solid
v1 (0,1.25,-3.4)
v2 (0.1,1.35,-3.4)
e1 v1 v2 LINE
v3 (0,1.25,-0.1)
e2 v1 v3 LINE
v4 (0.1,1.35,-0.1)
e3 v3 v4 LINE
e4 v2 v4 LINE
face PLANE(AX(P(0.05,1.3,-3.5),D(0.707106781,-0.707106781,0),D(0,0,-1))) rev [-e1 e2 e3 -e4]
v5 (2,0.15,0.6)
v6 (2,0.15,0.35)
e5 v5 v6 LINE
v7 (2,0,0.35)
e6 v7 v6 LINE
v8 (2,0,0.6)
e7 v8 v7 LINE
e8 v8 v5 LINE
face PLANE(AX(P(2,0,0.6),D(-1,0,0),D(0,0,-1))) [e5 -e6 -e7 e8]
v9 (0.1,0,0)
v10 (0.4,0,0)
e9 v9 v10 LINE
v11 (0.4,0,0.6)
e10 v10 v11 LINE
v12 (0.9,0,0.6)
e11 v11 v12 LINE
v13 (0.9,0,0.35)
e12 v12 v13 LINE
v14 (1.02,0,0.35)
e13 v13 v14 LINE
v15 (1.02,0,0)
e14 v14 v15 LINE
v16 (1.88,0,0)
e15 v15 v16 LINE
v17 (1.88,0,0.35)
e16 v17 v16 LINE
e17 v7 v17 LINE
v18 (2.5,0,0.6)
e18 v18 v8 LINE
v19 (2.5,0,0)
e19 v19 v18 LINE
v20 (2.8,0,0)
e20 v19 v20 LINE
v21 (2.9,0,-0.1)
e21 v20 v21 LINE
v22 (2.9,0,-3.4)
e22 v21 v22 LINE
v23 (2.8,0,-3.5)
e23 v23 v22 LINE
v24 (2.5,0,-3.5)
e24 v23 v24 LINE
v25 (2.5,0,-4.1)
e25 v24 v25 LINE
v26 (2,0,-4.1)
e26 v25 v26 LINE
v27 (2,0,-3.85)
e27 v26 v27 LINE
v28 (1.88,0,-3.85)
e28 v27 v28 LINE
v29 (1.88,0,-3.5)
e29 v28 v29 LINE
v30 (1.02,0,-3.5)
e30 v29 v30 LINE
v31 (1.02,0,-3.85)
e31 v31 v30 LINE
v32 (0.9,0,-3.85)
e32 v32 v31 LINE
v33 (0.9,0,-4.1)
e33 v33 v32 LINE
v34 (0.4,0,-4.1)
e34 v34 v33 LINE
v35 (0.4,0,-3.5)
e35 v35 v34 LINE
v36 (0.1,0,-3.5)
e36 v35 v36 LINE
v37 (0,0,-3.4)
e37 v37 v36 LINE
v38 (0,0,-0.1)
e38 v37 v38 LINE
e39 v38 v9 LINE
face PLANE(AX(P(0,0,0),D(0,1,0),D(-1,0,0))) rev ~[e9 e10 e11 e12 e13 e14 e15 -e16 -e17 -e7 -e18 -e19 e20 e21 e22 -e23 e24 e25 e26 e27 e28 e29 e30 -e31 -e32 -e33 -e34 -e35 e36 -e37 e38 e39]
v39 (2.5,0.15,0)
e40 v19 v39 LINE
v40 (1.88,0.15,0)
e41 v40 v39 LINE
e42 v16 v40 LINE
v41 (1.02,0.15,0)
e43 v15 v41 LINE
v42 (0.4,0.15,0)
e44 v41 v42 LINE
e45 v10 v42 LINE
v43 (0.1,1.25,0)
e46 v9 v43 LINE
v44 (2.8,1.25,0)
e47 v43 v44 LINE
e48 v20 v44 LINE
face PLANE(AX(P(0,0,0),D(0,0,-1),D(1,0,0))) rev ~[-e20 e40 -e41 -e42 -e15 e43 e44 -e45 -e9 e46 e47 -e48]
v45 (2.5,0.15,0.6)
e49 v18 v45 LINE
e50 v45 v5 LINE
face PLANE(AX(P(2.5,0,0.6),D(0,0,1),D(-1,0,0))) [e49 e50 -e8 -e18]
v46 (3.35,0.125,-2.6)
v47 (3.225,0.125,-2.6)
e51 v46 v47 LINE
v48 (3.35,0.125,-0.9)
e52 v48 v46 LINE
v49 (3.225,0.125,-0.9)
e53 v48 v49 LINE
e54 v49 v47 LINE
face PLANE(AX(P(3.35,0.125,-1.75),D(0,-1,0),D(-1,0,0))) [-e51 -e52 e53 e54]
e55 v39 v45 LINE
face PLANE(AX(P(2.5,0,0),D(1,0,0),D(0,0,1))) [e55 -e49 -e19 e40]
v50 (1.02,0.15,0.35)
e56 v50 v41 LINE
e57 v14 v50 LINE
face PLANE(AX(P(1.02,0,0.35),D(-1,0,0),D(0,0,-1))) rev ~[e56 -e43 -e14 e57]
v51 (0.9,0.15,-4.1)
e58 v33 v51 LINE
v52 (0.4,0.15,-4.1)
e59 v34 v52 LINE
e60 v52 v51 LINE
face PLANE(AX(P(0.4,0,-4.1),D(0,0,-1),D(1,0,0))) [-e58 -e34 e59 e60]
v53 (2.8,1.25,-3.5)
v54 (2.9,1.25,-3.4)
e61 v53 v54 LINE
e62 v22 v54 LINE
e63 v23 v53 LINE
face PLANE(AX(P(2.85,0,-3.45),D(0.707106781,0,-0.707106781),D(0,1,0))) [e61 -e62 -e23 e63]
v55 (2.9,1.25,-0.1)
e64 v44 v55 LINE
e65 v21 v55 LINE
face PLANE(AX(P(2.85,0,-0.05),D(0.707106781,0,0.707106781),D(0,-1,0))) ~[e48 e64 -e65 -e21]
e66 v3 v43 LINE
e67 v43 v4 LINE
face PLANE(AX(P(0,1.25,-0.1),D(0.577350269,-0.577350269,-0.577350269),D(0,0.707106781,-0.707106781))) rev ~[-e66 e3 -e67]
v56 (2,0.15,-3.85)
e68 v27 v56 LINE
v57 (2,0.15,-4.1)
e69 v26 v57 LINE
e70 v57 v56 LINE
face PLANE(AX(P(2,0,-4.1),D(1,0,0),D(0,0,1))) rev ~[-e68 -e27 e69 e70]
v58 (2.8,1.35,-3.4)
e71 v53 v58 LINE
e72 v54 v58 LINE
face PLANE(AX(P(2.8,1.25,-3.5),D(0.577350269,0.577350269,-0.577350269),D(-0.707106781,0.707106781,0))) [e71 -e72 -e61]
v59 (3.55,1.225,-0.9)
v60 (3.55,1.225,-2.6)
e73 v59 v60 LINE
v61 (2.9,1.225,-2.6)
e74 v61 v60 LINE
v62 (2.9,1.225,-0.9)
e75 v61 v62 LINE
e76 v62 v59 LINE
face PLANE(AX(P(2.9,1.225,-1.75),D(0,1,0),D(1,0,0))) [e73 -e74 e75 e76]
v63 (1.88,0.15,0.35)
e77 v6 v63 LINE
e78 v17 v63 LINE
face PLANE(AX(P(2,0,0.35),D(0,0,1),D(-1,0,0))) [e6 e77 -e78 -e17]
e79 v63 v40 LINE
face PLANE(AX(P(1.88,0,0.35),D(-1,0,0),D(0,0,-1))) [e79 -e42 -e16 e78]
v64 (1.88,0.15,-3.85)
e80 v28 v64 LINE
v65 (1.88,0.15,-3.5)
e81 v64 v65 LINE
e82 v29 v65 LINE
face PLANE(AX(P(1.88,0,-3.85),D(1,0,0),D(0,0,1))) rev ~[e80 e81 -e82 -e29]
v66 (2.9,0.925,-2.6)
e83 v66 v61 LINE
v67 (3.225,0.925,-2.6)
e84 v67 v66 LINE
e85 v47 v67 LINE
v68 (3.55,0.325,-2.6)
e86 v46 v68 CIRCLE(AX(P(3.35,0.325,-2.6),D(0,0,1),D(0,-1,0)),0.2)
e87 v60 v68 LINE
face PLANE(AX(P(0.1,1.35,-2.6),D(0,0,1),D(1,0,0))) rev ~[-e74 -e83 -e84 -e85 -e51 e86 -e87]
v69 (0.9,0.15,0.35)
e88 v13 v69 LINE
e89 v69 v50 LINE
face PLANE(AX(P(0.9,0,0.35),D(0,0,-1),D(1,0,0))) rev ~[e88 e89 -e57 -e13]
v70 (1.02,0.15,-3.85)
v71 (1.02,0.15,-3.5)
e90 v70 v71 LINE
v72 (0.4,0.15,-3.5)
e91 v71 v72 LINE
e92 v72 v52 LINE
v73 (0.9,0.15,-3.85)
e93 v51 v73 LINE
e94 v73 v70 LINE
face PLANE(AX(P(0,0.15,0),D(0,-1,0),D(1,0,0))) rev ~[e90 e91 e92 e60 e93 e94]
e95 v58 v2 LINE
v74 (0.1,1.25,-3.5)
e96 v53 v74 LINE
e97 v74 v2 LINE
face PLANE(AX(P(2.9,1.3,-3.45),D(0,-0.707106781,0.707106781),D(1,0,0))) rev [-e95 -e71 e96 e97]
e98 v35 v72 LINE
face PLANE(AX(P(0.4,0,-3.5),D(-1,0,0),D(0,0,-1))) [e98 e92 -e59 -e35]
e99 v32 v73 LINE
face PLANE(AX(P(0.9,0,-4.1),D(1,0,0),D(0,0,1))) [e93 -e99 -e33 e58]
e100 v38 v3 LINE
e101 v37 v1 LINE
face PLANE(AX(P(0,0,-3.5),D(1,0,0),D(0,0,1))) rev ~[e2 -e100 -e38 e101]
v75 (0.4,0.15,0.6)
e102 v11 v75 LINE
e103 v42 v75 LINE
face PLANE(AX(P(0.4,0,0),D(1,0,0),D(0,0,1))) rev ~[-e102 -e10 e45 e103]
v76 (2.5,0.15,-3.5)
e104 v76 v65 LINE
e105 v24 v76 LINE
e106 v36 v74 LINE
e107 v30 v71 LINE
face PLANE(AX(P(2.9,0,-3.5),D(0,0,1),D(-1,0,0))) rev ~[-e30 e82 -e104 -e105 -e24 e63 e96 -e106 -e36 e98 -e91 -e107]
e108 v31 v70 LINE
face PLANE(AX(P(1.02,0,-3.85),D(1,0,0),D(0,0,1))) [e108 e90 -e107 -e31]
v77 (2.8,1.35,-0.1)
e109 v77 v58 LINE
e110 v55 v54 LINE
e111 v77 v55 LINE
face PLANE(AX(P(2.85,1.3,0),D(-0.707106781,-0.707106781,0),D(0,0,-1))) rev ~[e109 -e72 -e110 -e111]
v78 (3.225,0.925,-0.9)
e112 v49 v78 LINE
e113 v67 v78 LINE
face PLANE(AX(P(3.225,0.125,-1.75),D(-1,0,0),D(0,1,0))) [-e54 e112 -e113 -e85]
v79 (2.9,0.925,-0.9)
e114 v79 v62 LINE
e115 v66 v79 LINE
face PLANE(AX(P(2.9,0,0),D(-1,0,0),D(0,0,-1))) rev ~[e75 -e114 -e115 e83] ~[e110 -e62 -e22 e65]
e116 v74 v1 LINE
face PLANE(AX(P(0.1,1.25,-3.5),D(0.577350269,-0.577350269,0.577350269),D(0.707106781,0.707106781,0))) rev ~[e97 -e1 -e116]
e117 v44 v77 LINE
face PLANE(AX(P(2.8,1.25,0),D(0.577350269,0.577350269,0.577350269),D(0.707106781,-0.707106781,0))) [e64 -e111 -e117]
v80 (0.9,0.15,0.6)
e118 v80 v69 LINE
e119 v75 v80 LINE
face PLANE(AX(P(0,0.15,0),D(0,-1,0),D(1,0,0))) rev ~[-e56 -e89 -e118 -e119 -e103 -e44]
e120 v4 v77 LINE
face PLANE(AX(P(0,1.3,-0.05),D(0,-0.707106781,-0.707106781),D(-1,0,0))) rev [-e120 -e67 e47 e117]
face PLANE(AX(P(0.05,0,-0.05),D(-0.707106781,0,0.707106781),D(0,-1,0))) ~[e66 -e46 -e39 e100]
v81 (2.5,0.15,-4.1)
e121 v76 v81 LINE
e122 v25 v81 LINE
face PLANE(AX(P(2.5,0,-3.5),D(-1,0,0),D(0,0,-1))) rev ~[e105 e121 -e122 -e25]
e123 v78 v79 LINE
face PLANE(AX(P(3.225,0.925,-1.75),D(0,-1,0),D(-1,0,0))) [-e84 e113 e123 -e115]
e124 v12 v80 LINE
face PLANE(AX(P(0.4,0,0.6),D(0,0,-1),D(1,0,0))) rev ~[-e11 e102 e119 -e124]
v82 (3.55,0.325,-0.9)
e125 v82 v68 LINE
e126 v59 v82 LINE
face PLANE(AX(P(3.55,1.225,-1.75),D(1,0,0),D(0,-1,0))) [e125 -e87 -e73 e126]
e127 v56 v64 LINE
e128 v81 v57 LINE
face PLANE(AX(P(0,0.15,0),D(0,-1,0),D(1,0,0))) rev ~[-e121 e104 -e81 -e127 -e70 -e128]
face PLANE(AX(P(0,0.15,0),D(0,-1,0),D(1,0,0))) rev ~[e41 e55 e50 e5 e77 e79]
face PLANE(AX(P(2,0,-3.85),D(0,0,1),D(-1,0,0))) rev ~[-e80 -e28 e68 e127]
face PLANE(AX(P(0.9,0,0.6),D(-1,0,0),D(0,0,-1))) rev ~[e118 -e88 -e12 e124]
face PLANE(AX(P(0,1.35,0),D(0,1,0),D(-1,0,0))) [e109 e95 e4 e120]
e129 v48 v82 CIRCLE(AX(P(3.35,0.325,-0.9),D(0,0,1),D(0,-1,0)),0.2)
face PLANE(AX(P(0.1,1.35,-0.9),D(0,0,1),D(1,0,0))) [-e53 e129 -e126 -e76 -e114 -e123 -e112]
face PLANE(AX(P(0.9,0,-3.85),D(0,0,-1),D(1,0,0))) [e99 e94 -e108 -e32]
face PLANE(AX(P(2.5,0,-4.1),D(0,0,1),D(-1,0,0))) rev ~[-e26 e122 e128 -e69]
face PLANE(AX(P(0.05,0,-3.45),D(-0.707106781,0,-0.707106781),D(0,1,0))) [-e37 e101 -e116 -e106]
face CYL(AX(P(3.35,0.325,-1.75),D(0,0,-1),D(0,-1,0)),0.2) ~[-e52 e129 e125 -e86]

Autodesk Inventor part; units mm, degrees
ref_plane "YZ Plane" through (0, 0, 0) normal (1, 0, 0) x (0, 1, 0)
ref_plane "XZ Plane" through (0, 0, 0) normal (0, 1, 0) x (-1, 0, 0)
ref_plane "XY Plane" through (0, 0, 0) normal (0, 0, 1) x (1, 0, 0)
sketch "Sketch1" plane through (0, 0, 0) normal (0, 1, 0) x (-1, 0, 0)
  line L0 (0, 0) -> (-2.9, 0)
  line L1 (-2.9, 0) -> (-2.9, -3.5)
  line L2 (-2.9, -3.5) -> (0, -3.5)
  line L3 (0, -3.5) -> (0, 0)
  dimension "d0" = 2.9
  dimension "d1" = 3.5
extrude "Extrusion1" add sketch "Sketch1" along normal blind 1.35
sketch "Sketch2" plane through (0, 0, 0) normal (0, -1, 0) x (1, 0, 0)
  line L0 (0.4, -3.5) -> (0.4, -4.1)
  line L1 (0.4, -4.1) -> (0.9, -4.1)
  line L2 (0.9, -4.1) -> (0.9, -3.85)
  line L3 (0.9, -3.85) -> (1.02, -3.85)
  line L4 (1.02, -3.85) -> (1.02, -3.5)
  line L5 (1.02, -3.5) -> (0.4, -3.5)
  line L6 (2.9, -3.5) -> (0, -3.5) projected
  line L7 (0, -3.5) -> (0, 0) construction
  line L8 (0, -1.75) -> (2.9, -1.75) construction
  line L9 (0, 0) -> (2.9, 0) construction
  line L10 (1.45, 0) -> (1.45, -3.5) construction
  line L11 (2.5, -3.5) -> (2.5, -4.1)
  line L12 (2.5, -4.1) -> (2, -4.1)
  line L13 (2, -4.1) -> (2, -3.85)
  line L14 (2, -3.85) -> (1.88, -3.85)
  line L15 (1.88, -3.85) -> (1.88, -3.5)
  line L16 (1.88, -3.5) -> (2.5, -3.5)
  line L17 (2.9, -3.5) -> (2.9, 0) construction
  line L18 (0.4, 0) -> (0.4, 0.6)
  line L19 (0.4, 0.6) -> (0.9, 0.6)
  line L20 (0.9, 0.6) -> (0.9, 0.35)
  line L21 (0.9, 0.35) -> (1.02, 0.35)
  line L22 (1.02, 0.35) -> (1.02, 0)
  line L23 (1.02, 0) -> (0.4, 0)
  line L24 (2.5, 0) -> (2.5, 0.6)
  line L25 (2.5, 0.6) -> (2, 0.6)
  line L26 (2, 0.6) -> (2, 0.35)
  line L27 (2, 0.35) -> (1.88, 0.35)
  line L28 (1.88, 0.35) -> (1.88, 0)
  line L29 (1.88, 0) -> (2.5, 0)
  dimension "d4" = 0.62
  dimension "d5" = 0.5
  dimension "d6" = 0.25
  dimension "d7" = 4.7
  dimension "d8" = 0.86
extrude "Extrusion2" add sketch "Sketch2" against normal blind 0.15
chamfer "Chamfer1" distance 0.1 angle 45 8 edges at (2.9, 1.35, -1.75) (1.45, 1.35, 0) (2.9, 0.675, 0) (2.9, 0.675, -3.5) (0, 0.675, 0) (0, 1.35, -1.75) (0, 0.675, -3.5) (1.45, 1.35, -3.5)
ref_plane "Work Plane1" through (0.1, 1.35, -1.75) normal (0, 0, 1) x (1, 0, 0)
sketch "Sketch3" plane through (0.1, 1.35, -1.75) normal (0, 0, 1) x (1, 0, 0)
  line L0 (2.8, -0.125) -> (3.45, -0.125)
  line L1 (3.45, -0.125) -> (3.45, -1.025)
  line L2 (3.25, -1.225) -> (3.125, -1.225)
  line L3 (3.125, -1.225) -> (3.125, -0.425)
  line L4 (3.125, -0.425) -> (2.8, -0.425)
  line L5 (2.8, -0.425) -> (2.8, -0.125)
  line L6 (3.125, -0.125) -> (3.125, -0.425) construction
  arc A0 (3.25, -1.225) -> (3.45, -1.025) centre (3.25, -1.025) ccw
  line L7 (1.48, -0.1666) -> (1.78, -0.1666) construction
  line L8 (2.8, -1.35) -> (2.8, -0.1) projected
  line L9 (2.7, 0) -> (0, 0) projected
  line L10 (2.4, -1.35) -> (2.7, -1.35) projected
  line L11 (-0.1, -0.1) -> (-0.1, -1.35) projected
  dimension "d15" = 0.2
  dimension "d16" = 1.1
  dimension "d17" = 0.3
  dimension "d23" = 0.125
  dimension "d24" = 0.125
  dimension "d25" = 3.55
extrude "Extrusion3" add sketch "Sketch3" along normal mid plane 1.7
ref_plane "Work Plane2" through (1.45, 1.25, -3.5) normal (1, 0, 0) x (0, 0, -1)
equation "\"d23\" = d24"
properties part number "Push-button"
